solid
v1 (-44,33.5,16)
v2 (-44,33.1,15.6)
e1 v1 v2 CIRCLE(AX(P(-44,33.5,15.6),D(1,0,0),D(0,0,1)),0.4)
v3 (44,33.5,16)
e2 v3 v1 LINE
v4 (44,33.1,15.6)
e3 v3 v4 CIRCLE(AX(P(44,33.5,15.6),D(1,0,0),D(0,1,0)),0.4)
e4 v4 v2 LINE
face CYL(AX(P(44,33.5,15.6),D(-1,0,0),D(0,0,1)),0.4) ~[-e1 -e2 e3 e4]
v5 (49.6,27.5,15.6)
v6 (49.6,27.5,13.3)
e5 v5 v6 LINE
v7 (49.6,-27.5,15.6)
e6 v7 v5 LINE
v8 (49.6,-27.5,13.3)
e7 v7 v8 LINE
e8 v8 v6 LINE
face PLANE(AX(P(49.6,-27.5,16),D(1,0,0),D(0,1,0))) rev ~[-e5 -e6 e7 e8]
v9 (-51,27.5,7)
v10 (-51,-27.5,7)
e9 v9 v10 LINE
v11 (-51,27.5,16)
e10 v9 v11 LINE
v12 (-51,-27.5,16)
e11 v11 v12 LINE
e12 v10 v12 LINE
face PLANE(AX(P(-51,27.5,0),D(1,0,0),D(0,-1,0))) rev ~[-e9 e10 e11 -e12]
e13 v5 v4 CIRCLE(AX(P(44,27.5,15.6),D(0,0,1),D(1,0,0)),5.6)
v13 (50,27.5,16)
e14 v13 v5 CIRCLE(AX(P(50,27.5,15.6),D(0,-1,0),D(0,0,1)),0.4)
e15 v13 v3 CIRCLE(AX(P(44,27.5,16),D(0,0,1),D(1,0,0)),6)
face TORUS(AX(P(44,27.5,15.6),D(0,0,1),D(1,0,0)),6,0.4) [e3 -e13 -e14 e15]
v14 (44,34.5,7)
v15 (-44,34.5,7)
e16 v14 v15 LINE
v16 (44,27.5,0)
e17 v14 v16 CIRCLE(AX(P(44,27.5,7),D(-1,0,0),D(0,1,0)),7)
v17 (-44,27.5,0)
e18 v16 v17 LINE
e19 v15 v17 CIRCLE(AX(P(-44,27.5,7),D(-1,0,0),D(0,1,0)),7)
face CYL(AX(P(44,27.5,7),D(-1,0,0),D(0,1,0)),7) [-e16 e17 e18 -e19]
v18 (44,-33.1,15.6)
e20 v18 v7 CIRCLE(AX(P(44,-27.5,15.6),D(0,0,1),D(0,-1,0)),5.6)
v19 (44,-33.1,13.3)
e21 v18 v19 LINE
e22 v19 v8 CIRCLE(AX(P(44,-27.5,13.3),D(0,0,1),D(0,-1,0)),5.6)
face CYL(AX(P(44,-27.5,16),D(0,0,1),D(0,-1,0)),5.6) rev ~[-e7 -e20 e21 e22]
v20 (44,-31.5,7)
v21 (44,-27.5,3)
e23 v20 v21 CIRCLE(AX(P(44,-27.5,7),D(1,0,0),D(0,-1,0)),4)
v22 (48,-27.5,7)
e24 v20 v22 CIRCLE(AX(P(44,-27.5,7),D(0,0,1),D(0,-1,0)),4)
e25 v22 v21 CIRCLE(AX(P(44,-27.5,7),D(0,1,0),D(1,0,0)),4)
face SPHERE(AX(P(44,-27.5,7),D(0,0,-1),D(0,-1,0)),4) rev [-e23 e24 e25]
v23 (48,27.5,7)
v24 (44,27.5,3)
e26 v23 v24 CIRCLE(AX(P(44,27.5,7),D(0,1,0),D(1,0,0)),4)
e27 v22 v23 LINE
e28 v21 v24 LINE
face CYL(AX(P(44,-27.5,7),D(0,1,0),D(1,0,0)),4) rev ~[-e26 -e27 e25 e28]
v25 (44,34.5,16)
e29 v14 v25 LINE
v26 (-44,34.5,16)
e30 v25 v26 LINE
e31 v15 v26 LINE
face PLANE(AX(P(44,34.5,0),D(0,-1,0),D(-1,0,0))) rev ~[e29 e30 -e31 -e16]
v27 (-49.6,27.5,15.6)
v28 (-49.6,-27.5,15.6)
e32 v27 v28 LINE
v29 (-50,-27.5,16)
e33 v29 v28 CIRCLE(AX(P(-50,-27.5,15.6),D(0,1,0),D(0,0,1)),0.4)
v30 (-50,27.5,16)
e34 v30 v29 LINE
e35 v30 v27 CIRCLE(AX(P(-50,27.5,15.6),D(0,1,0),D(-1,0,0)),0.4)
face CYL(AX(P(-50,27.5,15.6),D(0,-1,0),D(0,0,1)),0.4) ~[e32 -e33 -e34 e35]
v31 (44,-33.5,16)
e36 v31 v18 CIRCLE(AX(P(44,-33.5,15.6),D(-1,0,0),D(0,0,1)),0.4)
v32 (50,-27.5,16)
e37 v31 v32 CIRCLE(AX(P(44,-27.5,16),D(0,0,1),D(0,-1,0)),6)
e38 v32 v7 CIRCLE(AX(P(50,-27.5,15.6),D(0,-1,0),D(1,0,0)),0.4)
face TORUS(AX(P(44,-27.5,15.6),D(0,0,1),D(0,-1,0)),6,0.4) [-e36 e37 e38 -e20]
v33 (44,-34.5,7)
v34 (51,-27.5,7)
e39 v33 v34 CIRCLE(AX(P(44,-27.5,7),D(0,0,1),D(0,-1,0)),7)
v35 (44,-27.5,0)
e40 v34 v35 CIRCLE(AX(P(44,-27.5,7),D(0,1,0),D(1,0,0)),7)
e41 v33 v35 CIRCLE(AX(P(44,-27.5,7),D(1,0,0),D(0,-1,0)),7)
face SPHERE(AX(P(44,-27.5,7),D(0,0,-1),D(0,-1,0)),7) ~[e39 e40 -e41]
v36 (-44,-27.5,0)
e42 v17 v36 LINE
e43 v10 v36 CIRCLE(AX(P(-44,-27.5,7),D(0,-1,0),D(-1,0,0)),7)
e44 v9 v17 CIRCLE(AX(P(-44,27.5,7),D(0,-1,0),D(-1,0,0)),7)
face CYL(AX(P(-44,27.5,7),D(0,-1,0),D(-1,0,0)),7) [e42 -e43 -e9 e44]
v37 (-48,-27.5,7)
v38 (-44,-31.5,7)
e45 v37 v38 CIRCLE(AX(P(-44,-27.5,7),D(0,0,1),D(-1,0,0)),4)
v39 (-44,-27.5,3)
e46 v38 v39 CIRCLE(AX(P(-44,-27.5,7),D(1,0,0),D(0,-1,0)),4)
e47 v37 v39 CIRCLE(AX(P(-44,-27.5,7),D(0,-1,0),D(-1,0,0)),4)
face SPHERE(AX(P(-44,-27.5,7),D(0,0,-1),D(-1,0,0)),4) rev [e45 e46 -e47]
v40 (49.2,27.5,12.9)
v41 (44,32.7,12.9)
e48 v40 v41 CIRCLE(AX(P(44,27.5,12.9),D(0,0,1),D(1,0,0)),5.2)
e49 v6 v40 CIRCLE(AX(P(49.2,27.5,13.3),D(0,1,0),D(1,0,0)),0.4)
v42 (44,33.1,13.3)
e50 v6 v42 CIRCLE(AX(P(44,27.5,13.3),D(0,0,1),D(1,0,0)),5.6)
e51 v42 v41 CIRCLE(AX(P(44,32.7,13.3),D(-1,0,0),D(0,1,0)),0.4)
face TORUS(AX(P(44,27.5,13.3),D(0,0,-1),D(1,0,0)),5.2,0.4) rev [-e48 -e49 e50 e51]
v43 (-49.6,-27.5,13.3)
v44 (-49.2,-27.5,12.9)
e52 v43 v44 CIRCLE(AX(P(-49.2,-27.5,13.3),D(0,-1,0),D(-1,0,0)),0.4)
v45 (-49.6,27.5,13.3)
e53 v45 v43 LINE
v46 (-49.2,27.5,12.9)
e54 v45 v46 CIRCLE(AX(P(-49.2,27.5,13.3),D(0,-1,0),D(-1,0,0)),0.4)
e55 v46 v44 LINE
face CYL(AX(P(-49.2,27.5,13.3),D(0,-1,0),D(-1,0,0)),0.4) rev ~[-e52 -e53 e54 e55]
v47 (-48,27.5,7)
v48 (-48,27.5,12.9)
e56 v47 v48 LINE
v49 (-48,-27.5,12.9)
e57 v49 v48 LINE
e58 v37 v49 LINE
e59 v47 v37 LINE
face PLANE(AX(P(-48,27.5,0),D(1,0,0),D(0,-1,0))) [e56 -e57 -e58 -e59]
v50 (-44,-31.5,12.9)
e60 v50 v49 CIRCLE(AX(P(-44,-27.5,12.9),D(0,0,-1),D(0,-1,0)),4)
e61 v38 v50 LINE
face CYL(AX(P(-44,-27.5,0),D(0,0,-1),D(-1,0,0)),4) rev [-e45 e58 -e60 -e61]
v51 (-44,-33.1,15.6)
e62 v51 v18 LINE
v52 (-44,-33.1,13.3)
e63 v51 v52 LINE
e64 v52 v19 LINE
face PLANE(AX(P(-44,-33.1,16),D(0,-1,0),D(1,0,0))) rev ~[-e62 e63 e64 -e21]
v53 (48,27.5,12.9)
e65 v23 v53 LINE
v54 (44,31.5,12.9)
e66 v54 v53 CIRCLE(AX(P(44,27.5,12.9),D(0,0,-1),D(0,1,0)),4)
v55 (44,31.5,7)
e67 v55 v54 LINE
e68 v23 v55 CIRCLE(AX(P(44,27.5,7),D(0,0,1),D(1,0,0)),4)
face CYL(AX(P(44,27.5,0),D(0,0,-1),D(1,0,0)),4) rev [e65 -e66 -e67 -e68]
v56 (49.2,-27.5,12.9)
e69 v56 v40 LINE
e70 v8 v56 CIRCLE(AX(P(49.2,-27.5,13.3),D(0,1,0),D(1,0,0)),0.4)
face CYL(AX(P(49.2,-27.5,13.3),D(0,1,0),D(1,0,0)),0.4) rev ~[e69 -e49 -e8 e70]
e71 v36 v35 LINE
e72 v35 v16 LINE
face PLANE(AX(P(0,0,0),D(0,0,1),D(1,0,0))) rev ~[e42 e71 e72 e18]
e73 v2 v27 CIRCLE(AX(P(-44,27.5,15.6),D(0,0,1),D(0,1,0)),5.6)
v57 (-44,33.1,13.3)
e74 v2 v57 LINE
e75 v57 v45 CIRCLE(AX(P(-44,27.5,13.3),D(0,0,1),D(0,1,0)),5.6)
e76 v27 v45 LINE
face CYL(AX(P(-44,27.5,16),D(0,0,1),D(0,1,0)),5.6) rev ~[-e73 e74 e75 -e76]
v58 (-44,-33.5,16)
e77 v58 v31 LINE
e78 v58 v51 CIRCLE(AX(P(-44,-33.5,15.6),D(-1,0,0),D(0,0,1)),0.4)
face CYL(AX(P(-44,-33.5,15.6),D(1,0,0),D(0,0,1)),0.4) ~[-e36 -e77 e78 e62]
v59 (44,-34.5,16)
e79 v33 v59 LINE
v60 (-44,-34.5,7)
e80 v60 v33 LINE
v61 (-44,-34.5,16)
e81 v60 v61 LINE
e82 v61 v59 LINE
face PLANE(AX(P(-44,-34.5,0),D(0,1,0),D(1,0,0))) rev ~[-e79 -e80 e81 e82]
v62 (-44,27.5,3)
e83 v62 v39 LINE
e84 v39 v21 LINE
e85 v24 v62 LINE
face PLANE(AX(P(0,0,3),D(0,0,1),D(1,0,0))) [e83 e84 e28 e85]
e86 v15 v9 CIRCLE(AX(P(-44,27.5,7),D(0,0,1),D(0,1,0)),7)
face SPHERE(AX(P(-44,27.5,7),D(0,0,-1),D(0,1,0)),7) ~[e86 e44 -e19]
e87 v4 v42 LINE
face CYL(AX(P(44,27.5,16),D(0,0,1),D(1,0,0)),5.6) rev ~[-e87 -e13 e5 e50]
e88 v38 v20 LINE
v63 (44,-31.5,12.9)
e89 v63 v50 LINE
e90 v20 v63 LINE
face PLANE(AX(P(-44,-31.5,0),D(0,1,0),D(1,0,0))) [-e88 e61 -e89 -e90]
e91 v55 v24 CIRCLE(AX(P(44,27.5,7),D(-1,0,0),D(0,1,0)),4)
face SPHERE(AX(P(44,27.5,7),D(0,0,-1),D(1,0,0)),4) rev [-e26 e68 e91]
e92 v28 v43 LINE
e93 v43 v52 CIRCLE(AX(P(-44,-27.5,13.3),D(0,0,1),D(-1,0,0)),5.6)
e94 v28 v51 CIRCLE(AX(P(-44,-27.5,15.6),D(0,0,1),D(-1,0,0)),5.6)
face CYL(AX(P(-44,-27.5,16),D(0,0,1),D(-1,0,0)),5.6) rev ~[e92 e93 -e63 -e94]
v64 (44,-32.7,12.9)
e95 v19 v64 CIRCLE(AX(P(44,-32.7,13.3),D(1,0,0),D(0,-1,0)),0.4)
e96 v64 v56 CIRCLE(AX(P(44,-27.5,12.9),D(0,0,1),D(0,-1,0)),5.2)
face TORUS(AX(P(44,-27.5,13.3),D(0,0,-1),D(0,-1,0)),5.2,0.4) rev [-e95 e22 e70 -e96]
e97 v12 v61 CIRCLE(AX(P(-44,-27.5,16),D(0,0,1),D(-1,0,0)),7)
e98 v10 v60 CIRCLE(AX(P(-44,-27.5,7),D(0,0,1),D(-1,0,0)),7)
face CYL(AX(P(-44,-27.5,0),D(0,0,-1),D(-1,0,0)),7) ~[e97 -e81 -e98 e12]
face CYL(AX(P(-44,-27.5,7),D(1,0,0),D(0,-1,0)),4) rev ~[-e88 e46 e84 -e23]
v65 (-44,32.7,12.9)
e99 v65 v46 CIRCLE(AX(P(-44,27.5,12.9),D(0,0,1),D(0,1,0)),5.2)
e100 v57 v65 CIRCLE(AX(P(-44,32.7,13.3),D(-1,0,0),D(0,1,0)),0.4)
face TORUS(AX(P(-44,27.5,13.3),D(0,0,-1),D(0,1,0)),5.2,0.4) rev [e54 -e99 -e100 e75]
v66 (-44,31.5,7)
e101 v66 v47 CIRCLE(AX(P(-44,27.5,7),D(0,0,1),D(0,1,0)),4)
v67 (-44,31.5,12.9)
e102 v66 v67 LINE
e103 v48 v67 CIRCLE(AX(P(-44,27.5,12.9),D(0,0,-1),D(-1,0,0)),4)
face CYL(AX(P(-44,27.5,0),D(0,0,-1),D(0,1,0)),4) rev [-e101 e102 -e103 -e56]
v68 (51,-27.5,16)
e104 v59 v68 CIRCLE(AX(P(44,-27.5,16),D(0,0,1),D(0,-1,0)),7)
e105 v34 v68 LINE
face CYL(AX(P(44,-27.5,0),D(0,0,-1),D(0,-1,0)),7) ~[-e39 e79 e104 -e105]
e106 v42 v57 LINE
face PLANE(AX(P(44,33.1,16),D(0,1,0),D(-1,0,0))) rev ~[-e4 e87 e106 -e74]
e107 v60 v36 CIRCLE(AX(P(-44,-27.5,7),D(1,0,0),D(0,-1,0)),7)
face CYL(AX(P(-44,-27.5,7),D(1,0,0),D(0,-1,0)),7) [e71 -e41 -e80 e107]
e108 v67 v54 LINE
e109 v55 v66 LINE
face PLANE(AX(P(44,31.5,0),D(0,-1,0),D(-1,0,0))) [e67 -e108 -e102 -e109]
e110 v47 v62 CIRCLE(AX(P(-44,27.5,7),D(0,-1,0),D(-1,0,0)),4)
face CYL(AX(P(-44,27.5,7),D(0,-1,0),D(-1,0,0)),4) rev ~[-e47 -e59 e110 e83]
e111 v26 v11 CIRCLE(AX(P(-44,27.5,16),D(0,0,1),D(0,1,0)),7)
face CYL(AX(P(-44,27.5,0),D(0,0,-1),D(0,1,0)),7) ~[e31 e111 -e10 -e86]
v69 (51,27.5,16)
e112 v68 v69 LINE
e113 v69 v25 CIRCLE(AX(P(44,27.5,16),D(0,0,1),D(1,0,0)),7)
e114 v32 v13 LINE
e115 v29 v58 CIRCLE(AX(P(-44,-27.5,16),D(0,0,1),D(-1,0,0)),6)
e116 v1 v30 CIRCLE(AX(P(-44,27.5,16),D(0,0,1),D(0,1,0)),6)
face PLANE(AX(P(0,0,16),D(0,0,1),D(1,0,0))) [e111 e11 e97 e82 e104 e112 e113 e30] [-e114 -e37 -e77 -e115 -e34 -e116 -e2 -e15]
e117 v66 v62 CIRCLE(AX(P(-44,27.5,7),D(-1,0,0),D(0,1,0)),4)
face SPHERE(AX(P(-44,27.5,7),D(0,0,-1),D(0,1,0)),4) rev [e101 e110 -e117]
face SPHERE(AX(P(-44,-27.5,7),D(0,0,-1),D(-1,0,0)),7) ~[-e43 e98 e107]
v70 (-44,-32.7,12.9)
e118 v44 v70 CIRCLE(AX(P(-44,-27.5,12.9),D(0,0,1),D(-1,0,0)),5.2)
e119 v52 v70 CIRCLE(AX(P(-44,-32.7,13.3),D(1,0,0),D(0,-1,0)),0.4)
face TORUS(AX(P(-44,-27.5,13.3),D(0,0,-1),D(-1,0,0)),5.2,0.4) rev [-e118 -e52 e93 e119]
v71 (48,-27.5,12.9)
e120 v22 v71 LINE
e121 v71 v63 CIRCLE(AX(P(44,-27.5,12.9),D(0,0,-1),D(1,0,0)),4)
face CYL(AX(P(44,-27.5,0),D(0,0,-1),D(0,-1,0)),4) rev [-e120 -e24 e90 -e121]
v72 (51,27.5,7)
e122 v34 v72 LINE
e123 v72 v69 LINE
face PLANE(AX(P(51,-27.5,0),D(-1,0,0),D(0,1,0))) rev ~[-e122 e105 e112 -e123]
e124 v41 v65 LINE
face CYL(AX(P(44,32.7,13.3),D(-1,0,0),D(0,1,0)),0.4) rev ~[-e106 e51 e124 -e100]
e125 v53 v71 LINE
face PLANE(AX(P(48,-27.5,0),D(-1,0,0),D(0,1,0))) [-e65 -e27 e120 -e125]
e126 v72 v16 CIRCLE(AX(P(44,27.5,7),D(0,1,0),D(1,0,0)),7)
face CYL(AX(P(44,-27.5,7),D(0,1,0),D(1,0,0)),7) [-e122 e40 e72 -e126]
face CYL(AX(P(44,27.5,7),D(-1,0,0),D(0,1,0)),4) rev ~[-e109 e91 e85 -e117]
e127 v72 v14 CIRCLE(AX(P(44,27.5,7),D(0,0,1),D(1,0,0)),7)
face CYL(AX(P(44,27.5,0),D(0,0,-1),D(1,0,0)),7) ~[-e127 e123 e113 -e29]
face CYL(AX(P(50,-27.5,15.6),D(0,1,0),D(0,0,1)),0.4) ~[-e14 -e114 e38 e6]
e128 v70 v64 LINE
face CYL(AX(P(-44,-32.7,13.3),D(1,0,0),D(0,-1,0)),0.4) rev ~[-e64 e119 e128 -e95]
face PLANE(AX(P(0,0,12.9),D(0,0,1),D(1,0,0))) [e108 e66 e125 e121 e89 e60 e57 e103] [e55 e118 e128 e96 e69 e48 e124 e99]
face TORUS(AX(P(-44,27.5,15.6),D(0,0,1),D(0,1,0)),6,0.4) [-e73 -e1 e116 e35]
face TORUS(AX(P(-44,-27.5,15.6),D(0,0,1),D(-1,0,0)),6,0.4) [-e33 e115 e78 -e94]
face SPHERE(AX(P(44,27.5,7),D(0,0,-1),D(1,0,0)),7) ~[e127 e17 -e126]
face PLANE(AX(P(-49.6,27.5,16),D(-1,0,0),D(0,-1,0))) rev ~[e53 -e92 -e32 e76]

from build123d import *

# Parameters (mm, degrees)
F1_DEPTH = 16
F2_R     = 7
F3_T     = -3
F5_DEPTH = 3.1
F6_R     = 0.4


with BuildPart() as f1:
    # F0 (on Top) → F1 (new body)
    with BuildSketch(Plane.XY):
        with BuildLine():
            Line((-44, -34.5), (44, -34.5))
            ThreePointArc((44, -34.5), (48.9497474683, -32.4497474683), (51, -27.5))
            Line((51, -27.5), (51, 27.5))
            ThreePointArc((51, 27.5), (48.9497474683, 32.4497474683), (44, 34.5))
            Line((44, 34.5), (-44, 34.5))
            ThreePointArc((-44, 34.5), (-48.9497474683, 32.4497474683), (-51, 27.5))
            Line((-51, 27.5), (-51, -27.5))
            ThreePointArc((-51, -27.5), (-48.9497474683, -32.4497474683), (-44, -34.5))
        make_face()
    extrude(amount=F1_DEPTH)

    # F2
    f2_edges = [f1.edges().sort_by_distance(p)[0] for p in [
        (0, -34.5, 0),
    ]]
    fillet(f2_edges, radius=F2_R)

    # F3
    f3_openings = [f1.faces().sort_by_distance(p)[0] for p in [
        (0, 0, 16),
    ]]
    offset(amount=F3_T, openings=f3_openings)

    # F4 (on face) → F5 (cut)
    with BuildSketch(Plane.XY.offset(16)):
        with BuildLine():
            Line((49.6, -27.5), (49.6, 27.5))
            ThreePointArc((49.6, 27.5), (47.9597979746, 31.4597979746), (44, 33.1))
            Line((44, 33.1), (-44, 33.1))
            ThreePointArc((-44, 33.1), (-47.9597979746, 31.4597979746), (-49.6, 27.5))
            Line((-49.6, 27.5), (-49.6, -27.5))
            ThreePointArc((-49.6, -27.5), (-47.9597979746, -31.4597979746), (-44, -33.1))
            Line((-44, -33.1), (44, -33.1))
            ThreePointArc((44, -33.1), (47.9597979746, -31.4597979746), (49.6, -27.5))
        make_face()
        with BuildLine():
            Line((-44, 31.5), (44, 31.5))
            ThreePointArc((44, 31.5), (46.8284271247, 30.3284271247), (48, 27.5))
            Line((48, 27.5), (48, -27.5))
            ThreePointArc((48, -27.5), (46.8284271247, -30.3284271247), (44, -31.5))
            Line((44, -31.5), (-44, -31.5))
            ThreePointArc((-44, -31.5), (-46.8284271247, -30.3284271247), (-48, -27.5))
            Line((-48, -27.5), (-48, 27.5))
            ThreePointArc((-48, 27.5), (-46.8284271247, 30.3284271247), (-44, 31.5))
        make_face(mode=Mode.SUBTRACT)
    extrude(amount=-F5_DEPTH, mode=Mode.SUBTRACT)

    # F6
    f6_edges = [f1.edges().sort_by_distance(p)[0] for p in [
        (0, 33.1, 12.9),
        (0, -33.1, 16),
    ]]
    fillet(f6_edges, radius=F6_R)


solid = f1.part
